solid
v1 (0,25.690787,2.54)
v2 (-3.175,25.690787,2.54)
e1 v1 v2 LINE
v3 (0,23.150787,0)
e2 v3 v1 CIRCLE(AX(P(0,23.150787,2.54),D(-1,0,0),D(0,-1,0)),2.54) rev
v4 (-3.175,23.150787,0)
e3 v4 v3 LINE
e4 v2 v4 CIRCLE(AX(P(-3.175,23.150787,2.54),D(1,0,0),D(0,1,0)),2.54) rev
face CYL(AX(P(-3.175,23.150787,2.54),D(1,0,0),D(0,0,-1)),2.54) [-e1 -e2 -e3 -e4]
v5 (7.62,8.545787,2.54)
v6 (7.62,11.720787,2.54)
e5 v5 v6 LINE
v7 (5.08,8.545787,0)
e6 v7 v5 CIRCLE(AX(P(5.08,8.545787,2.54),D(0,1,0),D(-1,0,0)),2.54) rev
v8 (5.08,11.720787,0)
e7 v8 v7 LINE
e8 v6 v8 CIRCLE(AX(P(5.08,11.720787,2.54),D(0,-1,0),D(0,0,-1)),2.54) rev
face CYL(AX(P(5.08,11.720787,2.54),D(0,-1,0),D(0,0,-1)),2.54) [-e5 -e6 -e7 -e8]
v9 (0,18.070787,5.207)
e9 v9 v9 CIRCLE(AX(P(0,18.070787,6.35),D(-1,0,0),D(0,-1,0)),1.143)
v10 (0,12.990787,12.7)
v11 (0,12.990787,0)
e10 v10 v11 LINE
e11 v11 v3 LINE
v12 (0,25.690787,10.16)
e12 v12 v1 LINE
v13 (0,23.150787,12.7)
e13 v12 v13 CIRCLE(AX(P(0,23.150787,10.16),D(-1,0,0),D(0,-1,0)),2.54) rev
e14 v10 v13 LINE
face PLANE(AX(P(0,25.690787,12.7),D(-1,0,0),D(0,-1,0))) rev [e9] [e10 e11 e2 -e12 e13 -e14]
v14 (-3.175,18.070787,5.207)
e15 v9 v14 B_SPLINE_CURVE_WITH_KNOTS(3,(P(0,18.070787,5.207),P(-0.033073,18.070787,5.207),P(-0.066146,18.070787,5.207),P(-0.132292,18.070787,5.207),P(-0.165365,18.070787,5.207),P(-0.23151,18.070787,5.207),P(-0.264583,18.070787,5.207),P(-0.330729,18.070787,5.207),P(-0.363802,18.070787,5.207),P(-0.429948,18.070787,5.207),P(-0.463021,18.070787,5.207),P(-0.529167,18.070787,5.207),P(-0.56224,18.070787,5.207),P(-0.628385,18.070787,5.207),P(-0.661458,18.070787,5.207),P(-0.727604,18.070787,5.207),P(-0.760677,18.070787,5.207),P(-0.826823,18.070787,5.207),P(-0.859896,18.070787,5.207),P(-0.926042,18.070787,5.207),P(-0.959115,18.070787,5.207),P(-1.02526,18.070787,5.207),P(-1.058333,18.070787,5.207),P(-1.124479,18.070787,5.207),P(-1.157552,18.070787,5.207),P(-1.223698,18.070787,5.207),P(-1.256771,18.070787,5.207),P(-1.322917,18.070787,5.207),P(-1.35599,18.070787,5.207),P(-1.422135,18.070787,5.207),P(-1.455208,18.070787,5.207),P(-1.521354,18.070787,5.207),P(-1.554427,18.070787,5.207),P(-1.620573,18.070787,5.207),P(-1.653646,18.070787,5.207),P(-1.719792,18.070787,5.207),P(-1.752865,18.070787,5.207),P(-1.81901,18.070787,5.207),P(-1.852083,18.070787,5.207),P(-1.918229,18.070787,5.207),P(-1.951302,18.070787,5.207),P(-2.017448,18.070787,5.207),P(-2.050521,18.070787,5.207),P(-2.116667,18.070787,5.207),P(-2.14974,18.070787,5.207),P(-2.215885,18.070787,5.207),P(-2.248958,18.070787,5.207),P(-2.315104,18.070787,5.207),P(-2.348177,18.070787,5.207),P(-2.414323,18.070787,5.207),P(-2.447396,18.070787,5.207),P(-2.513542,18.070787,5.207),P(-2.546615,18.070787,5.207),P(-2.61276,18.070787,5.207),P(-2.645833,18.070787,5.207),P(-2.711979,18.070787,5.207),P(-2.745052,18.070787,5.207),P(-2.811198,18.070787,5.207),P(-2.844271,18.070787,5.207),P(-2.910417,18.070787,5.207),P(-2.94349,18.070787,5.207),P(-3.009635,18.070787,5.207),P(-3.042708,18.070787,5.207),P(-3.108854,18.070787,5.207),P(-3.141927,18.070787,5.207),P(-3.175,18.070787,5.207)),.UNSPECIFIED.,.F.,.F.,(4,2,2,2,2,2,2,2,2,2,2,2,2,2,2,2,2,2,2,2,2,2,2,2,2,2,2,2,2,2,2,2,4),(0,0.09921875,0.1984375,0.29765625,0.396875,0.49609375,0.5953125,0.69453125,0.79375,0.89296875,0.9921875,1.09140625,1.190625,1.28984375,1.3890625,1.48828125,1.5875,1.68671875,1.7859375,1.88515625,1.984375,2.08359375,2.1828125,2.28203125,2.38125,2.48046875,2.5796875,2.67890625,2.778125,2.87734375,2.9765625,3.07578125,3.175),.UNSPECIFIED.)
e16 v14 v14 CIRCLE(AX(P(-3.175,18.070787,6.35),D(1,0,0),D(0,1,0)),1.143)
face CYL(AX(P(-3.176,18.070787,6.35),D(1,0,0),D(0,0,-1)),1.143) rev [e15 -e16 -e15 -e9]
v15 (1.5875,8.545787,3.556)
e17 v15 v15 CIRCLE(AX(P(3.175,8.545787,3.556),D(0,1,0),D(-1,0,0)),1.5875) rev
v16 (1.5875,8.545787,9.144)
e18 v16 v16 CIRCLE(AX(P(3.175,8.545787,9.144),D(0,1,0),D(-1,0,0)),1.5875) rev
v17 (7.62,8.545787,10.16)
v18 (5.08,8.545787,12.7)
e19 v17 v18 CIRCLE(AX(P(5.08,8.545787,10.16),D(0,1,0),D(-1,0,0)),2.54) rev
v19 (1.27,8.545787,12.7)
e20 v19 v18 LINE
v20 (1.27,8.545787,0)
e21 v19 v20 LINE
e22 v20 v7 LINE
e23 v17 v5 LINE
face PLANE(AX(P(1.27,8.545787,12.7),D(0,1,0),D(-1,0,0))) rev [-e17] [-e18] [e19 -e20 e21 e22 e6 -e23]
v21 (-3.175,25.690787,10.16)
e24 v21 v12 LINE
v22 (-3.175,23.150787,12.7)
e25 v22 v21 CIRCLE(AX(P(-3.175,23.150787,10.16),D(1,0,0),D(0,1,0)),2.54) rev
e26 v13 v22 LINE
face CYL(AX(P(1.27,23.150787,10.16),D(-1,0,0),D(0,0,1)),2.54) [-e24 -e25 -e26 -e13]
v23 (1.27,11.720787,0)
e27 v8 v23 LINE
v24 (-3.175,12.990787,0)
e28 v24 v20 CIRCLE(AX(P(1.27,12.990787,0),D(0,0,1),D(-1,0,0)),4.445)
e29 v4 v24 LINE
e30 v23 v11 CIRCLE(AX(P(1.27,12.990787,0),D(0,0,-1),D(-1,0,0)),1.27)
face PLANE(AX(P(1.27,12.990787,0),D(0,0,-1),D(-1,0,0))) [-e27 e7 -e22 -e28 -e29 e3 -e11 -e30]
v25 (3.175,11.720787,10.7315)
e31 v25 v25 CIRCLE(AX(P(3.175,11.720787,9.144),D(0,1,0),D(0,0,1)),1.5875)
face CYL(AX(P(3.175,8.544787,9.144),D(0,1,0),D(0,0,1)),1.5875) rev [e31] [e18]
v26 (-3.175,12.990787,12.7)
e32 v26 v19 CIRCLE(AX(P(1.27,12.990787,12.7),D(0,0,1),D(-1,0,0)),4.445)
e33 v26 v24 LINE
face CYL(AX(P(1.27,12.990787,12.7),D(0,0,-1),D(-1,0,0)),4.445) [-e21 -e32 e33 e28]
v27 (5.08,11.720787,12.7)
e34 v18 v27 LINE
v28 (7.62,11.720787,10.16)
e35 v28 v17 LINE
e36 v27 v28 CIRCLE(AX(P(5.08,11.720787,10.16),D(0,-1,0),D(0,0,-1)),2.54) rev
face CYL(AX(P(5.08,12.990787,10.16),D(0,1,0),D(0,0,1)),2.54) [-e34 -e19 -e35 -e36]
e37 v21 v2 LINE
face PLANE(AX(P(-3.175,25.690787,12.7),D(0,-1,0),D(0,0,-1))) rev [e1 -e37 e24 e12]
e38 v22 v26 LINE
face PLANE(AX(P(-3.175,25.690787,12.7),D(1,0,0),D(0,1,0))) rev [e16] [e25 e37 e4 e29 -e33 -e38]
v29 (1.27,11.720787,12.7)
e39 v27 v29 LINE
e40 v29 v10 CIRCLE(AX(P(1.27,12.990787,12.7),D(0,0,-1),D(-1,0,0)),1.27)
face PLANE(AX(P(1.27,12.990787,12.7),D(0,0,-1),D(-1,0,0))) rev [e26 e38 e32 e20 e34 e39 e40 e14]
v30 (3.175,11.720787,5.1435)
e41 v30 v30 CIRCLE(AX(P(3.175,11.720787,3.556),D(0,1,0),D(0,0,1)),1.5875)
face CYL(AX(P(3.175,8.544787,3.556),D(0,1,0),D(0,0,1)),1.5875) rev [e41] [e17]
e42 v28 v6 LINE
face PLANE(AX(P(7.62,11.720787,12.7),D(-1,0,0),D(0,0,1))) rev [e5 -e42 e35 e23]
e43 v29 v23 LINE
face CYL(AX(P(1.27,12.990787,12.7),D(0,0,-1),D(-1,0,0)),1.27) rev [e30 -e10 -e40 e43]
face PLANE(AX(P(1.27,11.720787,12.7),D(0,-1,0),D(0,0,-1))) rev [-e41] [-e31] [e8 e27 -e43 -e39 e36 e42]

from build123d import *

# Parameters (mm, degrees)
BOSS_EXTRUDE1_DEPTH = 12.7
FILLET1_R           = 2.54
SKETCH2_R           = 1.143
CUT_EXTRUDE1_DEPTH  = 3.175
CUT_EXTRUDE2_REACH  = 22.36


with BuildPart() as part:
    # Sketch1 → Boss-Extrude1 (new body)
    with BuildSketch(Plane.XY):
        with BuildLine():
            Line((0, 25.690786623), (0, 12.990786623))
            ThreePointArc((0, 12.990786623), (0.371974388, 12.092761011), (1.27, 11.720786623))
            Line((1.27, 11.720786623), (7.62, 11.720786623))
            Line((7.62, 11.720786623), (7.62, 8.545786623))
            Line((7.62, 8.545786623), (1.27, 8.545786623))
            ThreePointArc((1.27, 8.545786623), (-1.873089642, 9.847696981), (-3.175, 12.990786623))
            Line((-3.175, 12.990786623), (-3.175, 25.690786623))
            Line((-3.175, 25.690786623), (0, 25.690786623))
        make_face()
    extrude(amount=BOSS_EXTRUDE1_DEPTH)

    # Fillet1
    fillet1_edges = [part.edges().sort_by_distance(p)[0] for p in [
        (-1.5875, 25.690786623, 0),
        (7.62, 10.133286623, 12.7),
        (-1.5875, 25.690786623, 12.7),
        (7.62, 10.133286623, 0),
    ]]
    fillet(fillet1_edges, radius=FILLET1_R)

    # Sketch2 → Cut-Extrude1 (cut)
    with BuildSketch(Plane(origin=(0, 0, 0), x_dir=(0, 0, -1), z_dir=(1, 0, 0))):
        with Locations((-6.35, 18.070786623)):
            Circle(SKETCH2_R)
    extrude(amount=-CUT_EXTRUDE1_DEPTH, mode=Mode.SUBTRACT)

    # Sketch3 → Cut-Extrude2 (cut, up to next)
    with BuildSketch(Plane(origin=(0, 11.720786623, 0), x_dir=(1, 0, 0), z_dir=(0, 1, 0)), mode=Mode.PRIVATE) as cut_extrude2_sk1:
        with BuildLine():
            ThreePointArc((3.175, -7.5565), (1.5875, -9.144), (3.175, -10.7315))
            Line((3.175, -10.7315), (3.175, -7.5565))
        make_face()
    cut_extrude2_tool1 = extrude(cut_extrude2_sk1.sketch, amount=-CUT_EXTRUDE2_REACH, mode=Mode.PRIVATE) & part.part
    # Sketch3 → Cut-Extrude2 (cut, up to next)
    with BuildSketch(Plane(origin=(0, 11.720786623, 0), x_dir=(1, 0, 0), z_dir=(0, 1, 0)), mode=Mode.PRIVATE) as cut_extrude2_sk2:
        with BuildLine():
            Line((3.175, -7.5565), (3.175, -10.7315))
            ThreePointArc((3.175, -10.7315), (4.297532015, -10.266532015), (4.7625, -9.144))
            ThreePointArc((4.7625, -9.144), (4.297532015, -8.021467985), (3.175, -7.5565))
        make_face()
    cut_extrude2_tool2 = extrude(cut_extrude2_sk2.sketch, amount=-CUT_EXTRUDE2_REACH, mode=Mode.PRIVATE) & part.part
    # Sketch3 → Cut-Extrude2 (cut, up to next)
    with BuildSketch(Plane(origin=(0, 11.720786623, 0), x_dir=(1, 0, 0), z_dir=(0, 1, 0)), mode=Mode.PRIVATE) as cut_extrude2_sk3:
        with BuildLine():
            ThreePointArc((3.175, -7.5565), (1.5875, -9.144), (3.175, -10.7315))
            Line((3.175, -10.7315), (3.175, -7.5565))
        make_face()
    cut_extrude2_tool3 = extrude(cut_extrude2_sk3.sketch, amount=-CUT_EXTRUDE2_REACH, mode=Mode.PRIVATE) & part.part
    # Sketch3 → Cut-Extrude2 (cut, up to next)
    with BuildSketch(Plane(origin=(0, 11.720786623, 0), x_dir=(1, 0, 0), z_dir=(0, 1, 0)), mode=Mode.PRIVATE) as cut_extrude2_sk4:
        with BuildLine():
            Line((3.175, -7.5565), (3.175, -10.7315))
            ThreePointArc((3.175, -10.7315), (4.297532015, -10.266532015), (4.7625, -9.144))
            ThreePointArc((4.7625, -9.144), (4.297532015, -8.021467985), (3.175, -7.5565))
        make_face()
    cut_extrude2_tool4 = extrude(cut_extrude2_sk4.sketch, amount=-CUT_EXTRUDE2_REACH, mode=Mode.PRIVATE) & part.part
    # Sketch3 → Cut-Extrude2 (cut, up to next)
    with BuildSketch(Plane(origin=(0, 11.720786623, 0), x_dir=(1, 0, 0), z_dir=(0, 1, 0)), mode=Mode.PRIVATE) as cut_extrude2_sk5:
        with BuildLine():
            ThreePointArc((3.175, -1.9685), (1.5875, -3.556), (3.175, -5.1435))
            Line((3.175, -5.1435), (3.175, -1.9685))
        make_face()
    cut_extrude2_tool5 = extrude(cut_extrude2_sk5.sketch, amount=-CUT_EXTRUDE2_REACH, mode=Mode.PRIVATE) & part.part
    # Sketch3 → Cut-Extrude2 (cut, up to next)
    with BuildSketch(Plane(origin=(0, 11.720786623, 0), x_dir=(1, 0, 0), z_dir=(0, 1, 0)), mode=Mode.PRIVATE) as cut_extrude2_sk6:
        with BuildLine():
            Line((3.175, -1.9685), (3.175, -5.1435))
            ThreePointArc((3.175, -5.1435), (4.297532015, -4.678532015), (4.7625, -3.556))
            ThreePointArc((4.7625, -3.556), (4.297532015, -2.433467985), (3.175, -1.9685))
        make_face()
    cut_extrude2_tool6 = extrude(cut_extrude2_sk6.sketch, amount=-CUT_EXTRUDE2_REACH, mode=Mode.PRIVATE) & part.part
    # Sketch3 → Cut-Extrude2 (cut, up to next)
    with BuildSketch(Plane(origin=(0, 11.720786623, 0), x_dir=(1, 0, 0), z_dir=(0, 1, 0)), mode=Mode.PRIVATE) as cut_extrude2_sk7:
        with BuildLine():
            ThreePointArc((3.175, -1.9685), (1.5875, -3.556), (3.175, -5.1435))
            Line((3.175, -5.1435), (3.175, -1.9685))
        make_face()
    cut_extrude2_tool7 = extrude(cut_extrude2_sk7.sketch, amount=-CUT_EXTRUDE2_REACH, mode=Mode.PRIVATE) & part.part
    # Sketch3 → Cut-Extrude2 (cut, up to next)
    with BuildSketch(Plane(origin=(0, 11.720786623, 0), x_dir=(1, 0, 0), z_dir=(0, 1, 0)), mode=Mode.PRIVATE) as cut_extrude2_sk8:
        with BuildLine():
            Line((3.175, -1.9685), (3.175, -5.1435))
            ThreePointArc((3.175, -5.1435), (4.297532015, -4.678532015), (4.7625, -3.556))
            ThreePointArc((4.7625, -3.556), (4.297532015, -2.433467985), (3.175, -1.9685))
        make_face()
    cut_extrude2_tool8 = extrude(cut_extrude2_sk8.sketch, amount=-CUT_EXTRUDE2_REACH, mode=Mode.PRIVATE) & part.part
    add(cut_extrude2_tool1.solids().sort_by_distance((2.501244, 11.720787, 9.144))[0], mode=Mode.SUBTRACT)
    add(cut_extrude2_tool2.solids().sort_by_distance((3.848756, 11.720787, 9.144))[0], mode=Mode.SUBTRACT)
    add(cut_extrude2_tool3.solids().sort_by_distance((2.501244, 11.720787, 9.144))[0], mode=Mode.SUBTRACT)
    add(cut_extrude2_tool4.solids().sort_by_distance((3.848756, 11.720787, 9.144))[0], mode=Mode.SUBTRACT)
    add(cut_extrude2_tool5.solids().sort_by_distance((2.501244, 11.720787, 3.556))[0], mode=Mode.SUBTRACT)
    add(cut_extrude2_tool6.solids().sort_by_distance((3.848756, 11.720787, 3.556))[0], mode=Mode.SUBTRACT)
    add(cut_extrude2_tool7.solids().sort_by_distance((2.501244, 11.720787, 3.556))[0], mode=Mode.SUBTRACT)
    add(cut_extrude2_tool8.solids().sort_by_distance((3.848756, 11.720787, 3.556))[0], mode=Mode.SUBTRACT)


solid = part.part
